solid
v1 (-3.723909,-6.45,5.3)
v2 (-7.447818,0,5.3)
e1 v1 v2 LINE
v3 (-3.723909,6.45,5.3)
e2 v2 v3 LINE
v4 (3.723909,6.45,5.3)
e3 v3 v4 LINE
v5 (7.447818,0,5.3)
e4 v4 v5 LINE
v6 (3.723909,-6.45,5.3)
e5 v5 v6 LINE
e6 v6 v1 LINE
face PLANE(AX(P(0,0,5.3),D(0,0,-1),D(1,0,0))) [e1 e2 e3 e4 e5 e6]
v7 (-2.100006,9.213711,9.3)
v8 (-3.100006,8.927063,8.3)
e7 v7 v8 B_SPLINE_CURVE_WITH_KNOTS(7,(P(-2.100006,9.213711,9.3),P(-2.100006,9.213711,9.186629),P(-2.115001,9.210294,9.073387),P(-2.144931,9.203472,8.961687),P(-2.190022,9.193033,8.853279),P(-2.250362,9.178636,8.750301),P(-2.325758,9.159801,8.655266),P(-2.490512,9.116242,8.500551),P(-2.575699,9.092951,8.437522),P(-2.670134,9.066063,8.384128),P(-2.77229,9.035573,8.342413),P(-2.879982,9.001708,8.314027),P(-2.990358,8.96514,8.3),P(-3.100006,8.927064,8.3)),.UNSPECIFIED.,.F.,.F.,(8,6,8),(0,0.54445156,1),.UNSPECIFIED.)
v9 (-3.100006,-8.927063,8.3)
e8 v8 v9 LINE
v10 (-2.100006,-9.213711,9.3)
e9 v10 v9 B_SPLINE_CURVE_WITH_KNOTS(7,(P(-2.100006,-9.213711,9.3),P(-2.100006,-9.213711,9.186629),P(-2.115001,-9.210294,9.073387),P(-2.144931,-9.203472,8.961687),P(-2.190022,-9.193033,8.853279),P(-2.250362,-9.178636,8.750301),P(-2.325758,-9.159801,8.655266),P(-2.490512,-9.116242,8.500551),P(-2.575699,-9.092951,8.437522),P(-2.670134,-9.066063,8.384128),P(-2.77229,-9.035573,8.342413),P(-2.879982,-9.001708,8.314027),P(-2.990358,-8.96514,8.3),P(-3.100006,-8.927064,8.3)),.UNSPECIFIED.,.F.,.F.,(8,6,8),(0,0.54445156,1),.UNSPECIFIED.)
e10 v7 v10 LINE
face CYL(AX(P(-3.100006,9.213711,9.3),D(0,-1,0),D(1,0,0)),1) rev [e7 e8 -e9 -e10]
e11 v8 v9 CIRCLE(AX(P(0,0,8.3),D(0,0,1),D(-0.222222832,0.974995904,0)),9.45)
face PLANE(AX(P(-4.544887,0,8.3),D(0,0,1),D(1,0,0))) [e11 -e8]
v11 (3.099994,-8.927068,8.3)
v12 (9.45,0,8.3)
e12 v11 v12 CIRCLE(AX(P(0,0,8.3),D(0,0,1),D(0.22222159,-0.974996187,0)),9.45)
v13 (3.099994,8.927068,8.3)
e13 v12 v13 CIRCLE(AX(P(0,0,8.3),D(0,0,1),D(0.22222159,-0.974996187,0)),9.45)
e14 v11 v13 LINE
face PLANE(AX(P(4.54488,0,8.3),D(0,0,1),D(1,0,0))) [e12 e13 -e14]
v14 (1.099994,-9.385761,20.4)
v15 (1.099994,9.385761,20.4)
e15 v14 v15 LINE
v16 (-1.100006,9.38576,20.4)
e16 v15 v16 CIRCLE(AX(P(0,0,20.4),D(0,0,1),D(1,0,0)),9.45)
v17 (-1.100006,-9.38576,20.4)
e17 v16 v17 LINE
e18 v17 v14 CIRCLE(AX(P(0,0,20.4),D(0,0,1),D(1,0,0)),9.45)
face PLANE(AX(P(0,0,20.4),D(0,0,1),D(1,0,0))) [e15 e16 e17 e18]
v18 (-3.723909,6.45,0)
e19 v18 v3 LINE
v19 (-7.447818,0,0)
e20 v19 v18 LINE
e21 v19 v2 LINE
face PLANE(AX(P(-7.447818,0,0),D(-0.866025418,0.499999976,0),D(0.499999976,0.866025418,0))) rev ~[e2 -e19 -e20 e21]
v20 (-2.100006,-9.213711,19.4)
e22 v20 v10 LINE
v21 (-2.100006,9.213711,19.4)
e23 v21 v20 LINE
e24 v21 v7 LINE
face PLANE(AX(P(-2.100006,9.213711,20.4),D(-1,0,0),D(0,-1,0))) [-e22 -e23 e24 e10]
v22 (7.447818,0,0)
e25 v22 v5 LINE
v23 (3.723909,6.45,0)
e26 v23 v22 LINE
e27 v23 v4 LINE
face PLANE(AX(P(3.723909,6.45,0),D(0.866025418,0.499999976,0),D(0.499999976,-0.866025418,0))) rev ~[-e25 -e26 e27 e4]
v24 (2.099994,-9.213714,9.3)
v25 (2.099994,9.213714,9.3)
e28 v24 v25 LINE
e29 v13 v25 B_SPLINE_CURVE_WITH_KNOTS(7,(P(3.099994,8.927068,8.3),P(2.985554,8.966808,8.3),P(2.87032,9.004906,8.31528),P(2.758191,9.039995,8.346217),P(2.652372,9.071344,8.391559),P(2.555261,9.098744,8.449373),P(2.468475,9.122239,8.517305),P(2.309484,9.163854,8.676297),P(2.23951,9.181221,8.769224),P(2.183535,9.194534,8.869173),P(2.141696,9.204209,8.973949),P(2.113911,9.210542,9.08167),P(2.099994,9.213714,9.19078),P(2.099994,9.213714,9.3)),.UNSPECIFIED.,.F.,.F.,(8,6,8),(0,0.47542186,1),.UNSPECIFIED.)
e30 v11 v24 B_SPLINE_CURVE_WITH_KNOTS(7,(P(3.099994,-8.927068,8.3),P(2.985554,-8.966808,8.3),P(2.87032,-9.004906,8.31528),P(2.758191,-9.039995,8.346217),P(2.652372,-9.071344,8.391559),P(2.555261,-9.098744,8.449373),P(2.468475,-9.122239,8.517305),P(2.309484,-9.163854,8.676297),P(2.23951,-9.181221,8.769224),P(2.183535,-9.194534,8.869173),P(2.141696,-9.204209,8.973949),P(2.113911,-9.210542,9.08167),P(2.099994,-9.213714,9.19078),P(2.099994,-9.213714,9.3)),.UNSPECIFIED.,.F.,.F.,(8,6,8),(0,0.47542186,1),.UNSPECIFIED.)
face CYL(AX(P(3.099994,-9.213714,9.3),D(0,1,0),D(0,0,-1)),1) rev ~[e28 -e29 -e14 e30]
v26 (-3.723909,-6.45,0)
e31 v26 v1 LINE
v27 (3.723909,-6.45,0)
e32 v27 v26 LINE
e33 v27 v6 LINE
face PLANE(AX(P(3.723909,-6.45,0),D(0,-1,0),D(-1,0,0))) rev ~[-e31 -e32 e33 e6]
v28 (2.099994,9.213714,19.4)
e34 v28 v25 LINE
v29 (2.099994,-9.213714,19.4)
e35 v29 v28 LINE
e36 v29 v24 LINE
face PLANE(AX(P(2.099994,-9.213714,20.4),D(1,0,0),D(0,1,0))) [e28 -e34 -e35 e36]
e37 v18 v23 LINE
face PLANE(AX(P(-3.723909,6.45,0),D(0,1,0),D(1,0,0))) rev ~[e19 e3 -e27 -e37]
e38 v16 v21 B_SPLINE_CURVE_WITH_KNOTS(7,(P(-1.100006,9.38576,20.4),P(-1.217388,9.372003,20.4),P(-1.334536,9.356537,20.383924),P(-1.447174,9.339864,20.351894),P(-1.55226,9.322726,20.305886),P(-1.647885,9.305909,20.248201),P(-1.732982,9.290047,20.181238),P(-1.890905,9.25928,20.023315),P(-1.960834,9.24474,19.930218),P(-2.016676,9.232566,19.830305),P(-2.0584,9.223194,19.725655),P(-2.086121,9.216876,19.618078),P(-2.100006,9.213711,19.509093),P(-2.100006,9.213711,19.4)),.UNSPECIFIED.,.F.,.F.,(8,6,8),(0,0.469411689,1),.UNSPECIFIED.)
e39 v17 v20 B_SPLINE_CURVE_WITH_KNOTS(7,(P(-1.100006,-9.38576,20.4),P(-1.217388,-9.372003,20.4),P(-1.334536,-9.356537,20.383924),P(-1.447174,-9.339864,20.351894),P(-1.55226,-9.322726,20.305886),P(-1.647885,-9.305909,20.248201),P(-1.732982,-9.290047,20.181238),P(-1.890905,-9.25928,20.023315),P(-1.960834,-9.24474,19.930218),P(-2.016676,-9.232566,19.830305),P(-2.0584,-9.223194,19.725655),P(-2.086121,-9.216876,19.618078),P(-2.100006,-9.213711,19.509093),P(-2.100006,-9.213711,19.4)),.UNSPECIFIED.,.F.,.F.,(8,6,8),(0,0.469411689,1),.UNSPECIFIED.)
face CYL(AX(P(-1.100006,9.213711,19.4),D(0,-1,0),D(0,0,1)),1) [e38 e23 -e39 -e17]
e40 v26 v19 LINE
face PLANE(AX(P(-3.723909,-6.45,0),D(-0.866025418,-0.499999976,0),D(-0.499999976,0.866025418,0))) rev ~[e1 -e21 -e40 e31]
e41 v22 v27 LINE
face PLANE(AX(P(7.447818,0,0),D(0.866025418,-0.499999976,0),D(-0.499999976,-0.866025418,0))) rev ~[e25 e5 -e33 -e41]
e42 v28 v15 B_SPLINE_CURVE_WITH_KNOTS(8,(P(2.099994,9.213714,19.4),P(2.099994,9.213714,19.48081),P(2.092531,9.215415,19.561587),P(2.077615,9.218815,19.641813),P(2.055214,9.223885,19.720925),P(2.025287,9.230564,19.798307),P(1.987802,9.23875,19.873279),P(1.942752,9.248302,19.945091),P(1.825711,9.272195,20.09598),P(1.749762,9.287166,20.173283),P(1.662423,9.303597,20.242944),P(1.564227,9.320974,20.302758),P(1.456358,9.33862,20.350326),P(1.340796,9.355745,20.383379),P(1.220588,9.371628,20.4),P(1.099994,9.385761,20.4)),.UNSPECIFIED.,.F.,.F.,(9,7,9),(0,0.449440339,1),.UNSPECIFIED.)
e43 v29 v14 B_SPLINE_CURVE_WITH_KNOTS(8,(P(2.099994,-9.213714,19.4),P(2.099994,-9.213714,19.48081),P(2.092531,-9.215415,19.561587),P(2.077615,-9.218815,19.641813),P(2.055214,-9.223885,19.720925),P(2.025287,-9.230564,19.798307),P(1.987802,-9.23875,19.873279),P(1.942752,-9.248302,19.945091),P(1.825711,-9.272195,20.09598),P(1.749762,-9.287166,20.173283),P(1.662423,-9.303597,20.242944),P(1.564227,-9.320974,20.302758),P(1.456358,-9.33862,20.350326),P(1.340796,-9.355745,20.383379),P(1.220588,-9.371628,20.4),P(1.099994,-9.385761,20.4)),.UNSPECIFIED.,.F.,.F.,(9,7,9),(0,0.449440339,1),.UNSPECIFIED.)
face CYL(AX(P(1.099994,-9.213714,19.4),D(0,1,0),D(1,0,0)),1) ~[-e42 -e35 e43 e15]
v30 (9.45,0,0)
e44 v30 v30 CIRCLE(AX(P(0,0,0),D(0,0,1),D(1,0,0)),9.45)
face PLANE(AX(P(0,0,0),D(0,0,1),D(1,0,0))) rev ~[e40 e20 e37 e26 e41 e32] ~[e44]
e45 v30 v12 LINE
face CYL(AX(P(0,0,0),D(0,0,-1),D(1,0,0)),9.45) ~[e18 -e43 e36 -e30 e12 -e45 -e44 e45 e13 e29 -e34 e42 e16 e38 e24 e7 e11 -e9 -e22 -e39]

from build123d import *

# Parameters (mm, degrees)
SKETCH_R        = 9.45
PAD_DEPTH       = 20.4
POCKET_DEPTH    = 12.1
FILLET_R        = 1
POCKET001_DEPTH = 5.3


with BuildPart() as part:
    # Sketch → Pad (new body)
    with BuildSketch(Plane.XY):
        Circle(SKETCH_R)
    extrude(amount=PAD_DEPTH)

    # Sketch001 (on Face3 of Pad) → Pocket (cut)
    with BuildSketch(Plane.XY.offset(20.4)):
        with BuildLine():
            ThreePointArc((-2.100006, 9.213711), (-9.45, 0), (-2.100006, -9.213711))
            Line((-2.100006, 9.213711), (-2.100006, -9.213711))
        make_face()
        with BuildLine():
            ThreePointArc((2.099994, -9.213714), (9.45, 0), (2.099994, 9.213714))
            Line((2.099994, -9.213714), (2.099994, 9.213714))
        make_face()
    extrude(amount=-POCKET_DEPTH, mode=Mode.SUBTRACT)

    # Fillet
    fillet_edges = [part.edges().sort_by_distance(p)[0] for p in [
        (2.099994, 0, 20.4),
        (-2.100006, 0, 20.4),
        (2.099994, 0, 8.3),
        (-2.100006, 0, 8.3),
    ]]
    fillet(fillet_edges, radius=FILLET_R)

    # Sketch002 (on Face5 of Fillet) → Pocket001 (cut)
    with BuildSketch(Plane(origin=(0, 0, 0), x_dir=(1, 0, 0), z_dir=(0, 0, -1))):
        Polygon((-3.723909, 6.45), (-7.447818, 0), (-3.723909, -6.45), (3.723909, -6.45), (7.447818, 0), (3.723909, 6.45), align=None)
    extrude(amount=-POCKET001_DEPTH, mode=Mode.SUBTRACT)


solid = part.part
